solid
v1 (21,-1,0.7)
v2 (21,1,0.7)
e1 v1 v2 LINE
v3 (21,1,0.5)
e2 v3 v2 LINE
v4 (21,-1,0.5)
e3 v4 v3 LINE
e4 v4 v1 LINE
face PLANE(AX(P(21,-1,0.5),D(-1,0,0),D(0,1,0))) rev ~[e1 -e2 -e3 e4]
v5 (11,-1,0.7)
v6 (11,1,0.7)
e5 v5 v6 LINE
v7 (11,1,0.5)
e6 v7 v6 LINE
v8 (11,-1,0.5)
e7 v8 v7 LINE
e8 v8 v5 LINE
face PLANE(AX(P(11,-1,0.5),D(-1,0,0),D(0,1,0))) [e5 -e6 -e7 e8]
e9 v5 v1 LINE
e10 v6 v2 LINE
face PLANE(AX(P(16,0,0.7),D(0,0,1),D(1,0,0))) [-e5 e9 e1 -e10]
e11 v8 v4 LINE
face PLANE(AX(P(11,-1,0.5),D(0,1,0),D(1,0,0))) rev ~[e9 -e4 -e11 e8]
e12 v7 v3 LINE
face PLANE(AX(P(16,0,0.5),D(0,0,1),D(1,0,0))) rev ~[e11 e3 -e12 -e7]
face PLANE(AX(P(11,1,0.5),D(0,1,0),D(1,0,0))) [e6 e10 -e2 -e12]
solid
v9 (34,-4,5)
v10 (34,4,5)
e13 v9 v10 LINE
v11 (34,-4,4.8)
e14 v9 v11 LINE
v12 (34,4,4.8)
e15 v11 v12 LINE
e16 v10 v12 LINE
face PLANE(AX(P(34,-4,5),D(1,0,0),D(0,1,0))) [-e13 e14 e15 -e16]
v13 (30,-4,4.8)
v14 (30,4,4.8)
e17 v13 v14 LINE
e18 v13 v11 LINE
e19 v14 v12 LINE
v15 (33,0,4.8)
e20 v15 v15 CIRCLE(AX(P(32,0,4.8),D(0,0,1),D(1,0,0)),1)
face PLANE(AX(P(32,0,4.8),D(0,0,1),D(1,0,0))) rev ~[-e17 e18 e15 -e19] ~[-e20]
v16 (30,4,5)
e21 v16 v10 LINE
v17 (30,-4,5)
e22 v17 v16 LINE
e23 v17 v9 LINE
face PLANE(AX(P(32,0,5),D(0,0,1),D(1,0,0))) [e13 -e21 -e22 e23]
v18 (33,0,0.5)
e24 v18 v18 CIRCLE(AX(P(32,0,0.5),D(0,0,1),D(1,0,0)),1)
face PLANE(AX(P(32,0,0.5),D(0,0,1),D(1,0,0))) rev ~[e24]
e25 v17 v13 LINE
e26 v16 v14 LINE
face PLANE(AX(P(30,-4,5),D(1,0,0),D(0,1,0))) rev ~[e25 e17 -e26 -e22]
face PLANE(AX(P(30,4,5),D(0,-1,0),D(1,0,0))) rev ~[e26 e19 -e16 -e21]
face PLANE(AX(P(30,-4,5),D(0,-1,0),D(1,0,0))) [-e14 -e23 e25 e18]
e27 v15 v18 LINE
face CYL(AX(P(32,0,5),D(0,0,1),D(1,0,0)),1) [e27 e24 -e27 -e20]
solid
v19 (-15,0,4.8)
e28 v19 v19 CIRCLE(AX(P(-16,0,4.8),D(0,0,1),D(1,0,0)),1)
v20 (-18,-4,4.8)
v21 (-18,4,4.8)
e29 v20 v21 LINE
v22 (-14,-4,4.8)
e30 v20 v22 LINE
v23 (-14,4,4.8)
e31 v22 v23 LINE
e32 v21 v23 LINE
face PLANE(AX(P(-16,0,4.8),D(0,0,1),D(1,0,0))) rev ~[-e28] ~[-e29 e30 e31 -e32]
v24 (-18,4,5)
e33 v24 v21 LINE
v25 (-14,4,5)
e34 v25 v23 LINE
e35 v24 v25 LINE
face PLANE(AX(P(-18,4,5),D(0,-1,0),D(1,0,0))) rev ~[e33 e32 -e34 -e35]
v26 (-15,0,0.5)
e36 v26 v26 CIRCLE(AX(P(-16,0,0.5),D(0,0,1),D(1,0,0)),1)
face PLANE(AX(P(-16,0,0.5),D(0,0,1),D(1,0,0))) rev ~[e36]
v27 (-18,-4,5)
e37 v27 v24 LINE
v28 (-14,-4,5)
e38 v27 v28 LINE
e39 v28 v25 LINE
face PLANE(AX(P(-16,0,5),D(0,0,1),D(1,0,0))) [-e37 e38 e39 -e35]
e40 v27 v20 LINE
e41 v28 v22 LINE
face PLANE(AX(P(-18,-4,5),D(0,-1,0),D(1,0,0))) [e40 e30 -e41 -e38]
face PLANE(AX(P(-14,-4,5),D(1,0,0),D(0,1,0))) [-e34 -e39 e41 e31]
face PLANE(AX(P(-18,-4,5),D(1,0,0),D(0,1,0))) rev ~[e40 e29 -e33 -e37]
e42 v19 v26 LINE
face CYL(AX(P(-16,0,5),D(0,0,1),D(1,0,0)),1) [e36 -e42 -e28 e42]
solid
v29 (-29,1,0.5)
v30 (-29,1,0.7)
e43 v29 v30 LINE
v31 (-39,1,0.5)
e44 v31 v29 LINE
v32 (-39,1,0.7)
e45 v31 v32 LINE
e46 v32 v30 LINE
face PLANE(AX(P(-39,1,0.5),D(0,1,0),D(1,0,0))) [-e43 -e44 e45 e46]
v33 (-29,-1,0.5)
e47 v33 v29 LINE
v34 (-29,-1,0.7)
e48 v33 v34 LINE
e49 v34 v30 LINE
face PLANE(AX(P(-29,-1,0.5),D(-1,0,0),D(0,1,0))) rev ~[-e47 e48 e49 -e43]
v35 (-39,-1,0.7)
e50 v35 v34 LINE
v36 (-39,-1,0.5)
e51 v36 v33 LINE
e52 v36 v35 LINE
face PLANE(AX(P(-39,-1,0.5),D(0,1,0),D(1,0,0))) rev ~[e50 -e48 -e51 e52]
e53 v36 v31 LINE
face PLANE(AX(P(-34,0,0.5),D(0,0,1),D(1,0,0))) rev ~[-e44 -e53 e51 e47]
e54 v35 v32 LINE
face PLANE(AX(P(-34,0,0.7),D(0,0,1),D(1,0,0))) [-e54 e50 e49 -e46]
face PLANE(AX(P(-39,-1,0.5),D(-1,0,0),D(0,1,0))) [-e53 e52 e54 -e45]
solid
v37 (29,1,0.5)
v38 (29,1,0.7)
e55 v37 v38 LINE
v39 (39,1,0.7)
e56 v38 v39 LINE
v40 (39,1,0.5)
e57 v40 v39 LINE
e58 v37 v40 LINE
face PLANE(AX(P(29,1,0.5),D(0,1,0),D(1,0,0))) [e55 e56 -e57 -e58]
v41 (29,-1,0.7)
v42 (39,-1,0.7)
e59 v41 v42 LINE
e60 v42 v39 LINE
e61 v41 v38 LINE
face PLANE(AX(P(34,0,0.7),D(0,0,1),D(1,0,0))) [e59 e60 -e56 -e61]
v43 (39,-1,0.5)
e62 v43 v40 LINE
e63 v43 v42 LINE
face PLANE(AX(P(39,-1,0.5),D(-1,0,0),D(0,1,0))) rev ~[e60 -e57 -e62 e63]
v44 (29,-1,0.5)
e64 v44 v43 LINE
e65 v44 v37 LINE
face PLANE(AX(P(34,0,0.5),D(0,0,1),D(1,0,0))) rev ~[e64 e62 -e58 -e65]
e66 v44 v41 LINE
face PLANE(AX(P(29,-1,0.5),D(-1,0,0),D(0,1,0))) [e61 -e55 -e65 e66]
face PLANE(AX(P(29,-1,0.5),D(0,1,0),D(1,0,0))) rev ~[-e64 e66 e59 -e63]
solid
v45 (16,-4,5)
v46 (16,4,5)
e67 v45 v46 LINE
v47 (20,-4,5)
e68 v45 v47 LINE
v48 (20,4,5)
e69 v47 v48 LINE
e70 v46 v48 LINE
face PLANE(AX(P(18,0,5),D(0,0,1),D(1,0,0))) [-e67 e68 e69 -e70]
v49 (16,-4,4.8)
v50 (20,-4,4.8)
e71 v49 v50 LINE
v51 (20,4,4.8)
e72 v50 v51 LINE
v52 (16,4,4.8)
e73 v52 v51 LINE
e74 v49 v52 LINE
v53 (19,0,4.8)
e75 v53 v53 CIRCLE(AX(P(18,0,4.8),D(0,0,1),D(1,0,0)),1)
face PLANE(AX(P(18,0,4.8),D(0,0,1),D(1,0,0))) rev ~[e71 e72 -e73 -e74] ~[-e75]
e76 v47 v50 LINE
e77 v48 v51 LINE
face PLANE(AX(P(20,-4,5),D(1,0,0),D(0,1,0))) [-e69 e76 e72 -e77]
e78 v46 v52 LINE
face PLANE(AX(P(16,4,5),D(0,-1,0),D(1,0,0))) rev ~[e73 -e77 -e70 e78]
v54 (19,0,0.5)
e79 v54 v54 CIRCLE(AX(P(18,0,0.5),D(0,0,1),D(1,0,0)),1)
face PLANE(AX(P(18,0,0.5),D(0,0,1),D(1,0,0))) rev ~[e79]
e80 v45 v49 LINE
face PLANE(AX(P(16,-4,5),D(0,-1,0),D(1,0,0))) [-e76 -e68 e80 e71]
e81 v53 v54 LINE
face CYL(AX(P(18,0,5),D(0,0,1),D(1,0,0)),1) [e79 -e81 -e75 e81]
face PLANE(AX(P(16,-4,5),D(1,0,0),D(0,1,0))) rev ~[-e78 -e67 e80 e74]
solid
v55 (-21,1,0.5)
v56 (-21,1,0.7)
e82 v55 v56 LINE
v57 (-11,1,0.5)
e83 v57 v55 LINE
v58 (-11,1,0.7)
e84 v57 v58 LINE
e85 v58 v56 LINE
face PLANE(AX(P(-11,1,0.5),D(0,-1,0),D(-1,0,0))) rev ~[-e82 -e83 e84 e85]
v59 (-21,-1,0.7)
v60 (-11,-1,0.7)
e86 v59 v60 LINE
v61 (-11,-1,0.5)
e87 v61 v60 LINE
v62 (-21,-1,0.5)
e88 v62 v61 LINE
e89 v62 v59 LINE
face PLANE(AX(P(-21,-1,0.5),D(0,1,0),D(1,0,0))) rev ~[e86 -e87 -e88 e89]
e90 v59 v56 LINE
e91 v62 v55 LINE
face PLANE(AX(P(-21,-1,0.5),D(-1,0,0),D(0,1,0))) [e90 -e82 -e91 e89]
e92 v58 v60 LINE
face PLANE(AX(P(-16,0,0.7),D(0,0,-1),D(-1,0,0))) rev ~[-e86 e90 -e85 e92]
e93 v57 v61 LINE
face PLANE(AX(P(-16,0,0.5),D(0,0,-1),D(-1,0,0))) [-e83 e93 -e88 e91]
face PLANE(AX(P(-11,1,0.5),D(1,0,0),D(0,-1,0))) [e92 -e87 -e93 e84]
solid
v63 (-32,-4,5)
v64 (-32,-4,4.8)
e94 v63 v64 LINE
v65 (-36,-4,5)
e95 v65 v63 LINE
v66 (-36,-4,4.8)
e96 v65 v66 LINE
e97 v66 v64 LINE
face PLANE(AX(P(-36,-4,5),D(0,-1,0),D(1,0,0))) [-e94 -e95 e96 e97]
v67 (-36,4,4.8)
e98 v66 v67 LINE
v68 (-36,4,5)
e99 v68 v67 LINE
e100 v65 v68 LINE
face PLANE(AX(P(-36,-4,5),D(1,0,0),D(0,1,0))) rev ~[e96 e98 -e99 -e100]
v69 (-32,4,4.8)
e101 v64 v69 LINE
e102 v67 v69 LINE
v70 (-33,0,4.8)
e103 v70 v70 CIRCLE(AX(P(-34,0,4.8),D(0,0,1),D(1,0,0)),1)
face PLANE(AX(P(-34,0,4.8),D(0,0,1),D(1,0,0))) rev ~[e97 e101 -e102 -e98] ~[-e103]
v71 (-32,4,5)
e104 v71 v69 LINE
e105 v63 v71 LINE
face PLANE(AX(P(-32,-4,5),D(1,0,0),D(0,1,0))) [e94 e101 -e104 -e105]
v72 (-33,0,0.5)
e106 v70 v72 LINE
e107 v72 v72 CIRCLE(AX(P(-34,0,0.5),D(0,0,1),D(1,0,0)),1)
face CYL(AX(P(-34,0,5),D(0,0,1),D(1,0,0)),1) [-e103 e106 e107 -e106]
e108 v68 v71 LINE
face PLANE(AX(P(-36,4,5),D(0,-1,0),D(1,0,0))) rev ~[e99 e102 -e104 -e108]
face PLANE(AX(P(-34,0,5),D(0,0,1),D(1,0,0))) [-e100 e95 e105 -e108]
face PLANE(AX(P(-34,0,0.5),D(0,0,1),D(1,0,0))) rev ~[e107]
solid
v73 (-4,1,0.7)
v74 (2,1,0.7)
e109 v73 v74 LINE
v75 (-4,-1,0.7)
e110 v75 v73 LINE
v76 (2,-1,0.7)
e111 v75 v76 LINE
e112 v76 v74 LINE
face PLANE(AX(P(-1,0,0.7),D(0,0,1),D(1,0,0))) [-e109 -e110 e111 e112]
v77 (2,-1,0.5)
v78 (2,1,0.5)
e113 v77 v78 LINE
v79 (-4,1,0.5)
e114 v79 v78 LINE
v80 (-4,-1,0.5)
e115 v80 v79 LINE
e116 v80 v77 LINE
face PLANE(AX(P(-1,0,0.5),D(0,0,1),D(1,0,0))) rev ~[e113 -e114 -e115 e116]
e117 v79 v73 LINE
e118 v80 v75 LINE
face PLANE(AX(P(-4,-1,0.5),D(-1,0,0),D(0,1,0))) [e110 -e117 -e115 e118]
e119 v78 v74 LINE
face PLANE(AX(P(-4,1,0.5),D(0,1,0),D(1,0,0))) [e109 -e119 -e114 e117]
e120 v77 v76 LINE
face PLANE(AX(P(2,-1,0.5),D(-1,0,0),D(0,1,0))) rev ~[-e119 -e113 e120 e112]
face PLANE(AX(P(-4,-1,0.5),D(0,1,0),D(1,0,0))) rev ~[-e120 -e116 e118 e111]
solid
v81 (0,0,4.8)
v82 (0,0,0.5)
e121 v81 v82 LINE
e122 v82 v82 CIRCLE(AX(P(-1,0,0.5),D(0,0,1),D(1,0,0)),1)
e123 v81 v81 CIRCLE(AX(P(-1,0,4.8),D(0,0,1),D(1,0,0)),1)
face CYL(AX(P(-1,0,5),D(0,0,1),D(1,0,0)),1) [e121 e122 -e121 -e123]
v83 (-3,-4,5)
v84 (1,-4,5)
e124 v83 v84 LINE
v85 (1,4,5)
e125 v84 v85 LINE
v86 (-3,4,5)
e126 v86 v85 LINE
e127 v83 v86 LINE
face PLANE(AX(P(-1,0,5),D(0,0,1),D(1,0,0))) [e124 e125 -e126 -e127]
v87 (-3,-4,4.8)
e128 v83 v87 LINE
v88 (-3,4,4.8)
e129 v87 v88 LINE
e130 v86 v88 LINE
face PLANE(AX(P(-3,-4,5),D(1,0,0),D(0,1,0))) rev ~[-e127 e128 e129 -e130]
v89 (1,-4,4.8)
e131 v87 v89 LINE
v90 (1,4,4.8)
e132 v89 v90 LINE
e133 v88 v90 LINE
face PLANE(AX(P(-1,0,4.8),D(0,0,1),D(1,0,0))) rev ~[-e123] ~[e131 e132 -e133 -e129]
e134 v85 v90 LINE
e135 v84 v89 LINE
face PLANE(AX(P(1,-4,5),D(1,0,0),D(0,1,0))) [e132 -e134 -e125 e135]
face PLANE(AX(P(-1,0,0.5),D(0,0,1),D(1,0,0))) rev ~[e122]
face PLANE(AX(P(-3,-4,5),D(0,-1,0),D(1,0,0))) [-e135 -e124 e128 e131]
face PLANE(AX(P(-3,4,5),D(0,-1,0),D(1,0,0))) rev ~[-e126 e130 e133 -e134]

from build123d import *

# Parameters (mm, degrees)
BOSS_EXTRUDE1_DEPTH   = 0.2
SKETCH8_W             = 10
SKETCH8_H             = 2
BOSS_EXTRUDE1_2_DEPTH = 0.2
SKETCH8_W_2           = 6
BOSS_EXTRUDE1_3_DEPTH = 0.2
BOSS_EXTRUDE1_4_DEPTH = 0.2
BOSS_EXTRUDE1_5_DEPTH = 0.2
SKETCH10_R            = 1
BOSS_EXTRUDE2_DEPTH   = 4.5
BOSS_EXTRUDE2_2_DEPTH = 4.5
BOSS_EXTRUDE2_3_DEPTH = 4.5
BOSS_EXTRUDE2_4_DEPTH = 4.5
BOSS_EXTRUDE2_5_DEPTH = 4.5
SKETCH11_W            = 4
SKETCH11_H            = 8
BOSS_EXTRUDE3_DEPTH   = 0.2


with BuildPart() as part:
    # Sketch8 → Boss-Extrude1 (new body)
    with BuildSketch(Plane.XY.offset(0.5)):
        Polygon((-21, 1), (-17, 1), (-11, 1), (-11, -1), (-17, -1), (-21, -1), align=None)
    extrude(amount=BOSS_EXTRUDE1_DEPTH)


with BuildPart() as body_2:
    # Sketch8 → Boss-Extrude1 2 (new body)
    with BuildSketch(Plane.XY.offset(0.5)):
        with Locations((-34, 0)):
            Rectangle(SKETCH8_W, SKETCH8_H)
    extrude(amount=BOSS_EXTRUDE1_2_DEPTH)


with BuildPart() as body_3:
    # Sketch8 → Boss-Extrude1 3 (new body)
    with BuildSketch(Plane.XY.offset(0.5)):
        with Locations((-1, 0)):
            Rectangle(SKETCH8_W_2, SKETCH8_H)
    extrude(amount=BOSS_EXTRUDE1_3_DEPTH)


with BuildPart() as body_4:
    # Sketch8 → Boss-Extrude1 4 (new body)
    with BuildSketch(Plane.XY.offset(0.5)):
        with Locations((16, 0)):
            Rectangle(SKETCH8_W, SKETCH8_H)
    extrude(amount=BOSS_EXTRUDE1_4_DEPTH)


with BuildPart() as body_5:
    # Sketch8 → Boss-Extrude1 5 (new body)
    with BuildSketch(Plane.XY.offset(0.5)):
        with Locations((34, 0)):
            Rectangle(SKETCH8_W, SKETCH8_H)
    extrude(amount=BOSS_EXTRUDE1_5_DEPTH)


with BuildPart() as body_6:
    # Sketch10 → Boss-Extrude2 (new body)
    with BuildSketch(Plane.XY.offset(5)):
        with Locations((-34, 0)):
            Circle(SKETCH10_R)
    extrude(amount=-BOSS_EXTRUDE2_DEPTH)



with BuildPart() as body_7:
    # Sketch10 → Boss-Extrude2 2 (new body)
    with BuildSketch(Plane.XY.offset(5)):
        with Locations((-16, 0)):
            Circle(SKETCH10_R)
    extrude(amount=-BOSS_EXTRUDE2_2_DEPTH)


with BuildPart() as body_8:
    # Sketch10 → Boss-Extrude2 3 (new body)
    with BuildSketch(Plane.XY.offset(5)):
        with Locations((-1, 0)):
            Circle(SKETCH10_R)
    extrude(amount=-BOSS_EXTRUDE2_3_DEPTH)


with BuildPart() as body_9:
    # Sketch10 → Boss-Extrude2 4 (new body)
    with BuildSketch(Plane.XY.offset(5)):
        with Locations((18, 0)):
            Circle(SKETCH10_R)
    extrude(amount=-BOSS_EXTRUDE2_4_DEPTH)


with BuildPart() as body_10:
    # Sketch10 → Boss-Extrude2 5 (new body)
    with BuildSketch(Plane.XY.offset(5)):
        with Locations((32, 0)):
            Circle(SKETCH10_R)
    extrude(amount=-BOSS_EXTRUDE2_5_DEPTH)


with BuildPart() as body_6_1:
    add(body_6.part)

    add(body_7.part)  # Boss-Extrude3 merges body 7

    add(body_8.part)  # Boss-Extrude3 merges body 8

    add(body_9.part)  # Boss-Extrude3 merges body 9

    add(body_10.part)  # Boss-Extrude3 merges body 10
    # Sketch11 → Boss-Extrude3 (add)
    with BuildSketch(Plane.XY.offset(5)):
        with Locations((-34, 0)):
            Rectangle(SKETCH11_W, SKETCH11_H)
        with Locations((-16, 0)):
            Rectangle(SKETCH11_W, SKETCH11_H)
        with Locations((-1, 0)):
            Rectangle(SKETCH11_W, SKETCH11_H)
        with Locations((18, 0)):
            Rectangle(SKETCH11_W, SKETCH11_H)
        with Locations((32, 0)):
            Rectangle(SKETCH11_W, SKETCH11_H)
    extrude(amount=-BOSS_EXTRUDE3_DEPTH)


solid = Compound([part.part, body_2.part, body_3.part, body_4.part, body_5.part, body_6_1.part])
